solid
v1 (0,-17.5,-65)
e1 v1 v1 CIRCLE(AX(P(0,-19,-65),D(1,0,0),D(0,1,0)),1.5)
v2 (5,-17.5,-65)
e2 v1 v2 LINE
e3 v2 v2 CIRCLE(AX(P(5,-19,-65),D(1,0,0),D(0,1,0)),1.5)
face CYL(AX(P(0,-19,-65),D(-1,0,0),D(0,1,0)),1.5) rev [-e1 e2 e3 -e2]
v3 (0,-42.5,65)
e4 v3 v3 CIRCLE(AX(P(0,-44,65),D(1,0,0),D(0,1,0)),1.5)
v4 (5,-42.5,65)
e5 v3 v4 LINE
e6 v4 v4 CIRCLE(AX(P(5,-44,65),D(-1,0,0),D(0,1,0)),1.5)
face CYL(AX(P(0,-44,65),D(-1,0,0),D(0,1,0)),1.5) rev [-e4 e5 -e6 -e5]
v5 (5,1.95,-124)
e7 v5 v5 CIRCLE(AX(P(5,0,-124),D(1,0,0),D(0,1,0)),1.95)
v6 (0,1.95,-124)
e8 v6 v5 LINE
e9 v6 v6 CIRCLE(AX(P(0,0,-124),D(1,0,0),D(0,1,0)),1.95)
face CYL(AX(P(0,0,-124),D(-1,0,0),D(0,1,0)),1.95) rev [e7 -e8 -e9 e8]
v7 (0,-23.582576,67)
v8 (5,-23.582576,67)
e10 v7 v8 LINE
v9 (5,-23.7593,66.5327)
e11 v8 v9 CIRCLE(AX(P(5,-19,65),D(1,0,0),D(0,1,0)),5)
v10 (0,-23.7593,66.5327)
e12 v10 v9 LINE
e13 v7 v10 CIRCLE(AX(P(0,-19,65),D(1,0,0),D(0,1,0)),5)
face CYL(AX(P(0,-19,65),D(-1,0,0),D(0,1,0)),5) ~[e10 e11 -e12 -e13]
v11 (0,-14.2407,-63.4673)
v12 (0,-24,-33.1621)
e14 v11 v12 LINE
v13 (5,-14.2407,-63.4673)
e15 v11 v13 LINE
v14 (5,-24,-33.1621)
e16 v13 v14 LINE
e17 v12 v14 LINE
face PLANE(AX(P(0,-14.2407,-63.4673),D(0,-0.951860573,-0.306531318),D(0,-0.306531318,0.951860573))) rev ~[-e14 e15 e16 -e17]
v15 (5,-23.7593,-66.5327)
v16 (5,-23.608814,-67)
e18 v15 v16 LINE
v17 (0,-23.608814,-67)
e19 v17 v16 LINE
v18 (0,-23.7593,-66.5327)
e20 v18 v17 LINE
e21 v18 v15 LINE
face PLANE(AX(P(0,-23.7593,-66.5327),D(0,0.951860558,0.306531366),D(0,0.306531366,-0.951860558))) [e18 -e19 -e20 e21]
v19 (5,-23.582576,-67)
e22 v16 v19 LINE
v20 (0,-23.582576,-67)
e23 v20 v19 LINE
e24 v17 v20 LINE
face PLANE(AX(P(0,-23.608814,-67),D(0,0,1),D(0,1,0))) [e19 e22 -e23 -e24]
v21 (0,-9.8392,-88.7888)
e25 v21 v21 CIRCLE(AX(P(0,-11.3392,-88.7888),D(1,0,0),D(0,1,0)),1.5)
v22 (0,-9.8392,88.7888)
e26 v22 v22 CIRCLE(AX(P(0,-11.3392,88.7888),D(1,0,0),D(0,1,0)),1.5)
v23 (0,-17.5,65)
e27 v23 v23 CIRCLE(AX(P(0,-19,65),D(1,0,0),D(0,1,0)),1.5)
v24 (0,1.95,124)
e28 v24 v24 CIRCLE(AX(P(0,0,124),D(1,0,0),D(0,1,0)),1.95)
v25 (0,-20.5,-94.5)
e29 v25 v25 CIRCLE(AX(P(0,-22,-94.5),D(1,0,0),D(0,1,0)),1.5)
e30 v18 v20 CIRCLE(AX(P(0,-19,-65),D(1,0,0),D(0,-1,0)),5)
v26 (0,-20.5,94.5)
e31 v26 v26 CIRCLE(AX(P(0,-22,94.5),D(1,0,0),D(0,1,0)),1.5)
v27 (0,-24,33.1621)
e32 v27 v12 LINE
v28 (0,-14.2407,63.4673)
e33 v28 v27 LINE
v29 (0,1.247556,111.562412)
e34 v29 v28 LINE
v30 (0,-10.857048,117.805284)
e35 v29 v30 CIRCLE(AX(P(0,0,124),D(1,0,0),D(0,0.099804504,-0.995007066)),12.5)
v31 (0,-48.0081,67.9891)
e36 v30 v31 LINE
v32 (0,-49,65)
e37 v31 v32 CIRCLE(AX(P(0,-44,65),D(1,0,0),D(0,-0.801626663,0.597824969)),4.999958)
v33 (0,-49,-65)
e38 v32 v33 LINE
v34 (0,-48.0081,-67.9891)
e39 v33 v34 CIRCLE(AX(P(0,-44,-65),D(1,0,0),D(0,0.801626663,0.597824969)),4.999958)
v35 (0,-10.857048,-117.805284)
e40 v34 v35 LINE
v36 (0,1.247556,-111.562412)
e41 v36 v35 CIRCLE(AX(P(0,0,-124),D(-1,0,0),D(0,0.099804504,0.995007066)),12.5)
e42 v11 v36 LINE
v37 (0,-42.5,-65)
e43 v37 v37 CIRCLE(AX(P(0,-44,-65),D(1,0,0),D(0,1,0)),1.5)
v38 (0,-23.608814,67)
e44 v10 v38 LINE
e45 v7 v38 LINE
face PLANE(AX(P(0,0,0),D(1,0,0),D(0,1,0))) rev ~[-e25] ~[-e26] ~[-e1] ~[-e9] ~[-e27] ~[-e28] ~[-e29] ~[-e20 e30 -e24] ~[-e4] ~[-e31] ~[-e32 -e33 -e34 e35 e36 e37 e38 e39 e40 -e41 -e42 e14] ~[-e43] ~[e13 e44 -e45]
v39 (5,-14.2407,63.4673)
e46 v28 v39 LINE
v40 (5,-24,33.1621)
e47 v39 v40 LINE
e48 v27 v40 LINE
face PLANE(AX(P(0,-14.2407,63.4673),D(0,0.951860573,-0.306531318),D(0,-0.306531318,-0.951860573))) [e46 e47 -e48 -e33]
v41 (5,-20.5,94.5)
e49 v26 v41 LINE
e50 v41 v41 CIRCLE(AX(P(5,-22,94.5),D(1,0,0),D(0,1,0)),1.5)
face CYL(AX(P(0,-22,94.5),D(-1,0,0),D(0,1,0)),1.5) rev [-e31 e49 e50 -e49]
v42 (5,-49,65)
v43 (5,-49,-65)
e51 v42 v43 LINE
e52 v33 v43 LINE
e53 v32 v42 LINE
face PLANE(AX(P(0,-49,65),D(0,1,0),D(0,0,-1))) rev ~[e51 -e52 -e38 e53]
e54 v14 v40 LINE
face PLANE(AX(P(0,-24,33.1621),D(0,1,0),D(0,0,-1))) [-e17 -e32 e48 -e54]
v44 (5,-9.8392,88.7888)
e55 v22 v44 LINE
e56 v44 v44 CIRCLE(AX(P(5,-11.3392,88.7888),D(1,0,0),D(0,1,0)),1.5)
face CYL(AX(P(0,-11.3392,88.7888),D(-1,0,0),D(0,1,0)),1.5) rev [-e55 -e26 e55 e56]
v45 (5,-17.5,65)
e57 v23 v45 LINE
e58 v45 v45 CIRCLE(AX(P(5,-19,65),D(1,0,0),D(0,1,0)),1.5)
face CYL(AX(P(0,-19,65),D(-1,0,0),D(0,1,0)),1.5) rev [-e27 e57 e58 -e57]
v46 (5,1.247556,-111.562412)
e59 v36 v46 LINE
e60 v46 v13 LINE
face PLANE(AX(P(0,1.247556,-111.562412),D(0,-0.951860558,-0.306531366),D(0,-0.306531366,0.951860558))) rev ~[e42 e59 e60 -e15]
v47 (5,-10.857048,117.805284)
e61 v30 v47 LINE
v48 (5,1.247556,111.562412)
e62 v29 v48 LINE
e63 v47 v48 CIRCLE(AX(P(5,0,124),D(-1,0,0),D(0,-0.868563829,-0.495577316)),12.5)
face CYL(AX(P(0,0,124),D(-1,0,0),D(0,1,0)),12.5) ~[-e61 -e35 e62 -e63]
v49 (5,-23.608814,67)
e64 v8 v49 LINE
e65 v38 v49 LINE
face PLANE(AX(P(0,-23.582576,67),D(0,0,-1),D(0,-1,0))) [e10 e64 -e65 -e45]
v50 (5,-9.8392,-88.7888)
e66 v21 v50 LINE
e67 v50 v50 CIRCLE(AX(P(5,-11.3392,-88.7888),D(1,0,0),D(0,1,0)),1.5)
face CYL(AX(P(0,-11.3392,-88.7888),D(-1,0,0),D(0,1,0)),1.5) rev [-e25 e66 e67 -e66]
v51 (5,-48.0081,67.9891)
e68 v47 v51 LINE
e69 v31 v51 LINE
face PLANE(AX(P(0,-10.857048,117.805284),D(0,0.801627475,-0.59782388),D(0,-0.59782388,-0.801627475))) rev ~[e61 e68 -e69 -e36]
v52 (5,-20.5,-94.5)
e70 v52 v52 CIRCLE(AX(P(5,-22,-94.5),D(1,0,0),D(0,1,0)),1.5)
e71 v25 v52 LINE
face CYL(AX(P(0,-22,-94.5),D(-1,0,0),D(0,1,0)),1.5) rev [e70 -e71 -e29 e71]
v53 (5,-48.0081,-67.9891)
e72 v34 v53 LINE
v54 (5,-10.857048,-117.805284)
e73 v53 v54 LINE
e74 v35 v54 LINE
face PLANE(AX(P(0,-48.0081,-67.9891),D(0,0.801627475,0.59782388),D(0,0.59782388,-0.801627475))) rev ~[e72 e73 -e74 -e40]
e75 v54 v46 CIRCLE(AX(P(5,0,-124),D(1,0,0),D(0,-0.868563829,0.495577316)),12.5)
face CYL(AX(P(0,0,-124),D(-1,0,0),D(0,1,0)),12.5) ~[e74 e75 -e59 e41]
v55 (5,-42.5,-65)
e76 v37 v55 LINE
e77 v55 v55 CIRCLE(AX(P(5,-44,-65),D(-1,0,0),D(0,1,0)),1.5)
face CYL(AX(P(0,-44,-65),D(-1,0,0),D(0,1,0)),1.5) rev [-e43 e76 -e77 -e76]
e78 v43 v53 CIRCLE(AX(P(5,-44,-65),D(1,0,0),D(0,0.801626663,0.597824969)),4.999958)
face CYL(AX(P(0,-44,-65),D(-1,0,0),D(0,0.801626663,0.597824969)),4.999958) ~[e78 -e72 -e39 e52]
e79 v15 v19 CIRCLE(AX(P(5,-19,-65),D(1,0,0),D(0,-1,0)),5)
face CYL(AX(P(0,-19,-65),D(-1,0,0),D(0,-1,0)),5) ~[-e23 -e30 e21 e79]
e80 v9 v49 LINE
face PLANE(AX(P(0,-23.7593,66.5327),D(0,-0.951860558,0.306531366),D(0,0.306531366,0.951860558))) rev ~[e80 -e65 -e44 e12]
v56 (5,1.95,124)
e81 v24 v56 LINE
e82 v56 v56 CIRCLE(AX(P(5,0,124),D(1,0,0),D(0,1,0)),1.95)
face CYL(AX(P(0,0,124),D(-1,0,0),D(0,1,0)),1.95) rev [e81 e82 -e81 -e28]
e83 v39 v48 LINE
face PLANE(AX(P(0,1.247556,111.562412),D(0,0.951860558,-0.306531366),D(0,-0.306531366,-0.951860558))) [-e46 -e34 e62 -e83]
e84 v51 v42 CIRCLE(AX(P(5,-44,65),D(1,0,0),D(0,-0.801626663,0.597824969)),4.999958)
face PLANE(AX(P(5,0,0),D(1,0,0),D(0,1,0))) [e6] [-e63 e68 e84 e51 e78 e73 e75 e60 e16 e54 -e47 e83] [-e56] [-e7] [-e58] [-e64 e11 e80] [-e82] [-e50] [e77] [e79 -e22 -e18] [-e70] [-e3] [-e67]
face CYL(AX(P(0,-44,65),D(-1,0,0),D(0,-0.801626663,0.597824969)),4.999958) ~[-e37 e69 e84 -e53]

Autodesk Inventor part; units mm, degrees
ref_plane "YZ Plane" through (0, 0, 0) normal (1, 0, 0) x (0, 1, 0)
ref_plane "XZ Plane" through (0, 0, 0) normal (0, 1, 0) x (-1, 0, 0)
sketch "Sketch1" plane through (0, 0, 0) normal (1, 0, 0) x (0, 1, 0)
  circle A0 centre (0, -124) radius 1.95
  circle A1 centre (0, 124) radius 1.95
  circle A2 centre (-19, -65) radius 1.5
  circle A3 centre (-19, 65) radius 1.5
  line L0 (0, 124) -> (-19, 65) construction
  line L1 (4.7593, 122.4673) -> (-14.2407, 63.4673)
  line L2 (-23.7593, 66.5327) -> (-4.7593, 125.5327)
  arc A4 (4.7593, 122.4673) -> (-4.7593, 125.5327) centre (0, 124) ccw
  arc A5 (-23.7593, 66.5327) -> (-14.2407, 63.4673) centre (-19, 65) ccw
  line L3 (-19, 65) -> (-19, -65) construction
  line L4 (-24, 65) -> (-24, -65)
  line L5 (-14, -65) -> (-14, 65)
  arc A6 (-14, 65) -> (-24, 65) centre (-19, 65) ccw
  arc A7 (-24, -65) -> (-14, -65) centre (-19, -65) ccw
  line L6 (-19, -65) -> (0, -124) construction
  line L7 (-23.7593, -66.5327) -> (-4.7593, -125.5327)
  line L8 (4.7593, -122.4673) -> (-14.2407, -63.4673)
  arc A8 (-14.2407, -63.4673) -> (-23.7593, -66.5327) centre (-19, -65) ccw
  arc A9 (-4.7593, -125.5327) -> (4.7593, -122.4673) centre (0, -124) ccw
  circle A10 centre (-44, 65) radius 1.5
  circle A11 centre (-44, -65) radius 1.5
  line L9 (-19, 65) -> (-44, 65) construction
  line L10 (-19, 67) -> (-44, 67)
  line L11 (-44, 63) -> (-19, 63)
  arc A12 (-19, 63) -> (-19, 67) centre (-19, 65) ccw
  arc A13 (-44, 67) -> (-44, 63) centre (-44, 65) ccw
  line L12 (-19, -65) -> (-44, -65) construction
  line L13 (-19, -63) -> (-44, -63)
  line L14 (-44, -67) -> (-19, -67)
  arc A14 (-19, -67) -> (-19, -63) centre (-19, -65) ccw
  arc A15 (-44, -63) -> (-44, -67) centre (-44, -65) ccw
  line L15 (0, 124) -> (-44, 65) construction
  line L16 (-4.0081, 126.9891) -> (-48.0081, 67.9891)
  line L17 (-39.9919, 62.0109) -> (4.0081, 121.0109)
  arc A16 (4.0081, 121.0109) -> (-4.0081, 126.9891) centre (0, 124) ccw
  arc A17 (-48.0081, 67.9891) -> (-39.9919, 62.0109) centre (-44, 65) ccw
  line L18 (-44, -65) -> (0, -124) construction
  line L19 (-48.0081, -67.9891) -> (-4.0081, -126.9891)
  line L20 (4.0081, -121.0109) -> (-39.9919, -62.0109)
  arc A18 (-39.9919, -62.0109) -> (-48.0081, -67.9891) centre (-44, -65) ccw
  arc A19 (-4.0081, -126.9891) -> (4.0081, -121.0109) centre (0, -124) ccw
  line L21 (-44, 65) -> (-44, -65) construction
  line L22 (-49, 65) -> (-49, -65)
  line L23 (-39, -65) -> (-39, 65)
  arc A20 (-39, 65) -> (-49, 65) centre (-44, 65) ccw
  arc A21 (-49, -65) -> (-39, -65) centre (-44, -65) ccw
  line L24 (-44, 65) -> (-19, 0) construction
  line L25 (-45.4, 64.4615) -> (-20.4, -0.5385)
  line L26 (-17.6, 0.5385) -> (-42.6, 65.5385)
  arc A22 (-42.6, 65.5385) -> (-45.4, 64.4615) centre (-44, 65) ccw
  arc A23 (-20.4, -0.5385) -> (-17.6, 0.5385) centre (-19, 0) ccw
  line L27 (-44, -65) -> (-19, 0) construction
  line L28 (-42.6, -65.5385) -> (-17.6, -0.5385)
  line L29 (-20.4, 0.5385) -> (-45.4, -64.4615)
  arc A24 (-45.4, -64.4615) -> (-42.6, -65.5385) centre (-44, -65) ccw
  arc A25 (-17.6, -0.5385) -> (-20.4, 0.5385) centre (-19, 0) ccw
  line L30 (-19, 0) -> (-44, 0) construction
  line L31 (-19, 1.5) -> (-44, 1.5)
  line L32 (-44, -1.5) -> (-19, -1.5)
  arc A26 (-19, -1.5) -> (-19, 1.5) centre (-19, 0) ccw
  arc A27 (-44, 1.5) -> (-44, -1.5) centre (-44, 0) ccw
  circle A28 centre (-19, -10) radius 1.5
  circle A29 centre (-19, -35) radius 1.5
  circle A30 centre (-19, 10) radius 1.5
  circle A31 centre (-19, 35) radius 1.5
  circle A32 centre (0, -124) radius 12.5
  circle A33 centre (0, 124) radius 12.5
  circle A34 centre (-22, 94.5) radius 1.5
  circle A35 centre (-22, -94.5) radius 1.5
  circle A36 centre (-11.3392, 88.7888) radius 1.5
  circle A37 centre (-11.3392, -88.7888) radius 1.5
  circle A38 centre (-19, 0) radius 1
  line L33 (-14.2407, 63.4673) -> (-24, 33.1621)
  line L34 (-14.2407, -63.4673) -> (-24, -33.1621)
  point P0 (0, 0)
  point P1 (-9.5, 94.5)
  point P2 (-9.5, -94.5)
  point P3 (-14, -64.2148)
  point P4 (-14, 64.2148)
  point P5 (-24, 65)
  point P6 (-31.5, 65)
  point P7 (-31.5, -65)
  point P8 (-44, 0)
  point P9 (-31.5, 32.5)
  point P10 (-31.5, -32.5)
  point P11 (-39, 47.8215)
  point P12 (-24, 8.8215)
  point P13 (-24, 17.1785)
  point P14 (-41.6236, 63)
  point P15 (-24, 63)
  point P16 (-23.6088, 67)
  point P17 (-36.2712, 67)
  point P18 (-13.9854, 96.8832)
  point P19 (-6.8749, 118.9633)
  point P20 (-43.3898, 70)
  point P21 (-46.5, 65)
  point P22 (-46.5, -65)
  point P23 (-43.3898, -70)
  point P24 (-6.8749, -118.9633)
  point P25 (-13.9854, -96.8832)
  point P26 (-36.2712, -67)
  point P27 (-23.6088, -67)
  point P28 (-24, -63)
  point P29 (-41.6236, -63)
  point P30 (-24, -17.1785)
  point P31 (-24, -8.8215)
  point P32 (-39, -47.8215)
  point P33 (-31.5, 0)
  point P34 (-39, -1.5)
  point P35 (-24, -1.5)
  point P36 (-24, 1.5)
  point P37 (-39, 1.5)
  point P38 (-49, -65)
  point P39 (-4.0081, -126.9891)
  point P40 (-39, 63)
  point P41 (-23.5826, 67)
  point P42 (-39, -63)
  point P43 (-39, -56.1785)
  point P44 (-39, 56.1785)
  point P45 (-10.8571, -117.8053)
  point P46 (1.2475, -111.5624)
  point P47 (-10.8571, 117.8053)
  point P48 (1.2475, 111.5624)
  point P49 (-40.8878, -61.0867)
  point P50 (-41.5, 60.6699)
  point P51 (-23.5826, 63)
  point P52 (-23.5826, -63)
  point P53 (-39.2542, 63)
  point P54 (-40.8878, 61.0867)
  point P55 (-39.2542, -63)
  point P56 (-39.4174, 67)
  point P57 (-39.4174, -67)
  point P58 (-23.5826, -67)
  dimension "d2" = 3.9
  dimension "d4" = 3.9
  dimension "d25" = 3
  dimension "d28" = 3
  dimension "d43" = 59
  dimension "d44" = 65
  dimension "d45" = 65
  dimension "d47" = 59
  dimension "d48" = 10
  dimension "d49" = 10
  dimension "d50" = 10
  dimension "d52" = 14
  dimension "d53" = 3
  dimension "d54" = 3
  dimension "d55" = 4
  dimension "d56" = 4
  dimension "d57" = 25
  dimension "d58" = 25
  dimension "d59" = 10
  dimension "d60" = 10
  dimension "d61" = 10
  dimension "d62" = 3
  dimension "d63" = 3
  dimension "d64" = 3
  dimension "d65" = 3
  dimension "d66" = 3
  dimension "d67" = 10
  dimension "d68" = 25
  dimension "d69" = 3
  dimension "d70" = 3
  dimension "d71" = 10
  dimension "d72" = 25
  dimension "d73" = 25
  dimension "d74" = 25
  dimension "d76" = 3
  dimension "d78" = 3
  dimension "d79" = 3
  dimension "d80" = 3
  dimension "d81" = 6
  dimension "d82" = 6
  dimension "d83" = 2
extrude "Extrusion1" add sketch "Sketch1" along normal blind 5 contours A4 L16 A33 L1 | A16 L17 A33 L2 A4 | L1 A33 L17 A16 | L1 L5 A6 L10 L2 L17 A33 | A4 L2 A33 L16 | L1 A5 L11 A12 L10 A6 L5 | L17 L2 A33 | A33 L2 L17 L10 A20 L16 | L33 L4 L11 A5 | L8 A32 L20 L7 L14 A7 L5 | L5 A7 L14 A14 L13 A8 L8 | L2 L10 L17 | A20 L10 A13 L25 A17 | L11 L4 A5 | A5 A6 L10 A12 L11 | L4 L26 L23 L11 | A32 L19 A9 L8 | L8 A19 L20 A32 | A8 L13 L4 L34 | L2 A5 L4 L11 L23 L17 L10 | L17 L23 A20 L10 | A17 L25 L23 L31 A27 L32 L29 A18 L22 | A20 L23 L17 L11 L26 A10 L25 A13 L10 | L4 L25 L23 L26 | A7 A8 L13 A14 L14 | A9 L7 A32 L20 A19 | A32 L7 L20 | A8 L4 L13 | L4 L13 L23 L28 | L23 L11 L17 | L25 A13 L11 L26 A17 | A17 L26 L23 L25 | A18 L29 A15 L14 A21 | L23 L26 A17 L17 L11 | L4 L31 L23 L25 | L7 L14 L20 L23 L13 L4 A7 | L7 L20 L14 | L19 A32 L7 A9 | L19 A21 L14 L20 L7 A32 | L28 L23 L29 L4 | L17 A17 L26 L11 | L25 A10 L26 L11 A13 | L29 L23 L28 A18 | A18 L28 L13 A15 L29 | L4 L32 L23 L31 | L14 A21 L23 L20 | L23 L20 L13 | L13 L20 A18 L28 L23 | L29 L23 L32 L4 | L23 L32 A27 L31 | L14 A15 L29 A11 L28 L13 L20 L23 A21 | A18 L20 L13 L28 | A15 L13 L28 A11 L29
sketch "Sketch8" plane through (5, 0, 0) normal (1, 0, 0) x (0, 0, -1)
  circle A0 centre (-65, -44) radius 1.5 projected
  circle A1 centre (124, 0) radius 1.95 projected
  circle A2 centre (-124, 0) radius 1.95 projected
  circle A3 centre (-94.5, -22) radius 1.5 projected
  circle A4 centre (65, -19) radius 1.5 projected
  circle A5 centre (88.7888, -11.3392) radius 1.5 projected
  circle A6 centre (-65, -19) radius 1.5 projected
  circle A7 centre (-88.7888, -11.3392) radius 1.5 projected
  circle A8 centre (94.5, -22) radius 1.5 projected
  circle A9 centre (65, -44) radius 1.5 projected
  arc A10 (117.8053, -10.8571) -> (111.5624, 1.2475) centre (124, 0) ccw projected
  line L0 (117.8053, -10.8571) -> (67.9891, -48.0081) projected
  line L1 (-67.9891, -48.0081) -> (-117.8053, -10.8571) projected
  arc A11 (-111.5624, 1.2475) -> (-117.8053, -10.8571) centre (-124, 0) ccw projected
  line L2 (65, -49) -> (-65, -49) projected
  line L3 (-111.5624, 1.2475) -> (-33.1621, -24) projected
  line L4 (33.1621, -24) -> (111.5624, 1.2475) projected
  arc A12 (66.5327, -23.7593) -> (67, -23.5826) centre (65, -19) ccw projected
  line L5 (66.5327, -23.7593) -> (67, -23.6088) projected
  line L6 (67, -23.6088) -> (67, -23.5826) projected
  arc A13 (-67, -23.5826) -> (-66.5327, -23.7593) centre (-65, -19) ccw projected
  line L7 (-67, -23.5826) -> (-67, -23.6088) projected
  line L8 (-67, -23.6088) -> (-66.5327, -23.7593) projected
  arc A14 (-67.9891, -48.0081) -> (-65, -49) centre (-65, -44) ccw projected
  line L9 (-33.1621, -24) -> (33.1621, -24) projected
  arc A15 (65, -49) -> (67.9891, -48.0081) centre (65, -44) ccw projected
  point P0 (0, 0)
properties part number "Horizontal_bar_p2_V2"
